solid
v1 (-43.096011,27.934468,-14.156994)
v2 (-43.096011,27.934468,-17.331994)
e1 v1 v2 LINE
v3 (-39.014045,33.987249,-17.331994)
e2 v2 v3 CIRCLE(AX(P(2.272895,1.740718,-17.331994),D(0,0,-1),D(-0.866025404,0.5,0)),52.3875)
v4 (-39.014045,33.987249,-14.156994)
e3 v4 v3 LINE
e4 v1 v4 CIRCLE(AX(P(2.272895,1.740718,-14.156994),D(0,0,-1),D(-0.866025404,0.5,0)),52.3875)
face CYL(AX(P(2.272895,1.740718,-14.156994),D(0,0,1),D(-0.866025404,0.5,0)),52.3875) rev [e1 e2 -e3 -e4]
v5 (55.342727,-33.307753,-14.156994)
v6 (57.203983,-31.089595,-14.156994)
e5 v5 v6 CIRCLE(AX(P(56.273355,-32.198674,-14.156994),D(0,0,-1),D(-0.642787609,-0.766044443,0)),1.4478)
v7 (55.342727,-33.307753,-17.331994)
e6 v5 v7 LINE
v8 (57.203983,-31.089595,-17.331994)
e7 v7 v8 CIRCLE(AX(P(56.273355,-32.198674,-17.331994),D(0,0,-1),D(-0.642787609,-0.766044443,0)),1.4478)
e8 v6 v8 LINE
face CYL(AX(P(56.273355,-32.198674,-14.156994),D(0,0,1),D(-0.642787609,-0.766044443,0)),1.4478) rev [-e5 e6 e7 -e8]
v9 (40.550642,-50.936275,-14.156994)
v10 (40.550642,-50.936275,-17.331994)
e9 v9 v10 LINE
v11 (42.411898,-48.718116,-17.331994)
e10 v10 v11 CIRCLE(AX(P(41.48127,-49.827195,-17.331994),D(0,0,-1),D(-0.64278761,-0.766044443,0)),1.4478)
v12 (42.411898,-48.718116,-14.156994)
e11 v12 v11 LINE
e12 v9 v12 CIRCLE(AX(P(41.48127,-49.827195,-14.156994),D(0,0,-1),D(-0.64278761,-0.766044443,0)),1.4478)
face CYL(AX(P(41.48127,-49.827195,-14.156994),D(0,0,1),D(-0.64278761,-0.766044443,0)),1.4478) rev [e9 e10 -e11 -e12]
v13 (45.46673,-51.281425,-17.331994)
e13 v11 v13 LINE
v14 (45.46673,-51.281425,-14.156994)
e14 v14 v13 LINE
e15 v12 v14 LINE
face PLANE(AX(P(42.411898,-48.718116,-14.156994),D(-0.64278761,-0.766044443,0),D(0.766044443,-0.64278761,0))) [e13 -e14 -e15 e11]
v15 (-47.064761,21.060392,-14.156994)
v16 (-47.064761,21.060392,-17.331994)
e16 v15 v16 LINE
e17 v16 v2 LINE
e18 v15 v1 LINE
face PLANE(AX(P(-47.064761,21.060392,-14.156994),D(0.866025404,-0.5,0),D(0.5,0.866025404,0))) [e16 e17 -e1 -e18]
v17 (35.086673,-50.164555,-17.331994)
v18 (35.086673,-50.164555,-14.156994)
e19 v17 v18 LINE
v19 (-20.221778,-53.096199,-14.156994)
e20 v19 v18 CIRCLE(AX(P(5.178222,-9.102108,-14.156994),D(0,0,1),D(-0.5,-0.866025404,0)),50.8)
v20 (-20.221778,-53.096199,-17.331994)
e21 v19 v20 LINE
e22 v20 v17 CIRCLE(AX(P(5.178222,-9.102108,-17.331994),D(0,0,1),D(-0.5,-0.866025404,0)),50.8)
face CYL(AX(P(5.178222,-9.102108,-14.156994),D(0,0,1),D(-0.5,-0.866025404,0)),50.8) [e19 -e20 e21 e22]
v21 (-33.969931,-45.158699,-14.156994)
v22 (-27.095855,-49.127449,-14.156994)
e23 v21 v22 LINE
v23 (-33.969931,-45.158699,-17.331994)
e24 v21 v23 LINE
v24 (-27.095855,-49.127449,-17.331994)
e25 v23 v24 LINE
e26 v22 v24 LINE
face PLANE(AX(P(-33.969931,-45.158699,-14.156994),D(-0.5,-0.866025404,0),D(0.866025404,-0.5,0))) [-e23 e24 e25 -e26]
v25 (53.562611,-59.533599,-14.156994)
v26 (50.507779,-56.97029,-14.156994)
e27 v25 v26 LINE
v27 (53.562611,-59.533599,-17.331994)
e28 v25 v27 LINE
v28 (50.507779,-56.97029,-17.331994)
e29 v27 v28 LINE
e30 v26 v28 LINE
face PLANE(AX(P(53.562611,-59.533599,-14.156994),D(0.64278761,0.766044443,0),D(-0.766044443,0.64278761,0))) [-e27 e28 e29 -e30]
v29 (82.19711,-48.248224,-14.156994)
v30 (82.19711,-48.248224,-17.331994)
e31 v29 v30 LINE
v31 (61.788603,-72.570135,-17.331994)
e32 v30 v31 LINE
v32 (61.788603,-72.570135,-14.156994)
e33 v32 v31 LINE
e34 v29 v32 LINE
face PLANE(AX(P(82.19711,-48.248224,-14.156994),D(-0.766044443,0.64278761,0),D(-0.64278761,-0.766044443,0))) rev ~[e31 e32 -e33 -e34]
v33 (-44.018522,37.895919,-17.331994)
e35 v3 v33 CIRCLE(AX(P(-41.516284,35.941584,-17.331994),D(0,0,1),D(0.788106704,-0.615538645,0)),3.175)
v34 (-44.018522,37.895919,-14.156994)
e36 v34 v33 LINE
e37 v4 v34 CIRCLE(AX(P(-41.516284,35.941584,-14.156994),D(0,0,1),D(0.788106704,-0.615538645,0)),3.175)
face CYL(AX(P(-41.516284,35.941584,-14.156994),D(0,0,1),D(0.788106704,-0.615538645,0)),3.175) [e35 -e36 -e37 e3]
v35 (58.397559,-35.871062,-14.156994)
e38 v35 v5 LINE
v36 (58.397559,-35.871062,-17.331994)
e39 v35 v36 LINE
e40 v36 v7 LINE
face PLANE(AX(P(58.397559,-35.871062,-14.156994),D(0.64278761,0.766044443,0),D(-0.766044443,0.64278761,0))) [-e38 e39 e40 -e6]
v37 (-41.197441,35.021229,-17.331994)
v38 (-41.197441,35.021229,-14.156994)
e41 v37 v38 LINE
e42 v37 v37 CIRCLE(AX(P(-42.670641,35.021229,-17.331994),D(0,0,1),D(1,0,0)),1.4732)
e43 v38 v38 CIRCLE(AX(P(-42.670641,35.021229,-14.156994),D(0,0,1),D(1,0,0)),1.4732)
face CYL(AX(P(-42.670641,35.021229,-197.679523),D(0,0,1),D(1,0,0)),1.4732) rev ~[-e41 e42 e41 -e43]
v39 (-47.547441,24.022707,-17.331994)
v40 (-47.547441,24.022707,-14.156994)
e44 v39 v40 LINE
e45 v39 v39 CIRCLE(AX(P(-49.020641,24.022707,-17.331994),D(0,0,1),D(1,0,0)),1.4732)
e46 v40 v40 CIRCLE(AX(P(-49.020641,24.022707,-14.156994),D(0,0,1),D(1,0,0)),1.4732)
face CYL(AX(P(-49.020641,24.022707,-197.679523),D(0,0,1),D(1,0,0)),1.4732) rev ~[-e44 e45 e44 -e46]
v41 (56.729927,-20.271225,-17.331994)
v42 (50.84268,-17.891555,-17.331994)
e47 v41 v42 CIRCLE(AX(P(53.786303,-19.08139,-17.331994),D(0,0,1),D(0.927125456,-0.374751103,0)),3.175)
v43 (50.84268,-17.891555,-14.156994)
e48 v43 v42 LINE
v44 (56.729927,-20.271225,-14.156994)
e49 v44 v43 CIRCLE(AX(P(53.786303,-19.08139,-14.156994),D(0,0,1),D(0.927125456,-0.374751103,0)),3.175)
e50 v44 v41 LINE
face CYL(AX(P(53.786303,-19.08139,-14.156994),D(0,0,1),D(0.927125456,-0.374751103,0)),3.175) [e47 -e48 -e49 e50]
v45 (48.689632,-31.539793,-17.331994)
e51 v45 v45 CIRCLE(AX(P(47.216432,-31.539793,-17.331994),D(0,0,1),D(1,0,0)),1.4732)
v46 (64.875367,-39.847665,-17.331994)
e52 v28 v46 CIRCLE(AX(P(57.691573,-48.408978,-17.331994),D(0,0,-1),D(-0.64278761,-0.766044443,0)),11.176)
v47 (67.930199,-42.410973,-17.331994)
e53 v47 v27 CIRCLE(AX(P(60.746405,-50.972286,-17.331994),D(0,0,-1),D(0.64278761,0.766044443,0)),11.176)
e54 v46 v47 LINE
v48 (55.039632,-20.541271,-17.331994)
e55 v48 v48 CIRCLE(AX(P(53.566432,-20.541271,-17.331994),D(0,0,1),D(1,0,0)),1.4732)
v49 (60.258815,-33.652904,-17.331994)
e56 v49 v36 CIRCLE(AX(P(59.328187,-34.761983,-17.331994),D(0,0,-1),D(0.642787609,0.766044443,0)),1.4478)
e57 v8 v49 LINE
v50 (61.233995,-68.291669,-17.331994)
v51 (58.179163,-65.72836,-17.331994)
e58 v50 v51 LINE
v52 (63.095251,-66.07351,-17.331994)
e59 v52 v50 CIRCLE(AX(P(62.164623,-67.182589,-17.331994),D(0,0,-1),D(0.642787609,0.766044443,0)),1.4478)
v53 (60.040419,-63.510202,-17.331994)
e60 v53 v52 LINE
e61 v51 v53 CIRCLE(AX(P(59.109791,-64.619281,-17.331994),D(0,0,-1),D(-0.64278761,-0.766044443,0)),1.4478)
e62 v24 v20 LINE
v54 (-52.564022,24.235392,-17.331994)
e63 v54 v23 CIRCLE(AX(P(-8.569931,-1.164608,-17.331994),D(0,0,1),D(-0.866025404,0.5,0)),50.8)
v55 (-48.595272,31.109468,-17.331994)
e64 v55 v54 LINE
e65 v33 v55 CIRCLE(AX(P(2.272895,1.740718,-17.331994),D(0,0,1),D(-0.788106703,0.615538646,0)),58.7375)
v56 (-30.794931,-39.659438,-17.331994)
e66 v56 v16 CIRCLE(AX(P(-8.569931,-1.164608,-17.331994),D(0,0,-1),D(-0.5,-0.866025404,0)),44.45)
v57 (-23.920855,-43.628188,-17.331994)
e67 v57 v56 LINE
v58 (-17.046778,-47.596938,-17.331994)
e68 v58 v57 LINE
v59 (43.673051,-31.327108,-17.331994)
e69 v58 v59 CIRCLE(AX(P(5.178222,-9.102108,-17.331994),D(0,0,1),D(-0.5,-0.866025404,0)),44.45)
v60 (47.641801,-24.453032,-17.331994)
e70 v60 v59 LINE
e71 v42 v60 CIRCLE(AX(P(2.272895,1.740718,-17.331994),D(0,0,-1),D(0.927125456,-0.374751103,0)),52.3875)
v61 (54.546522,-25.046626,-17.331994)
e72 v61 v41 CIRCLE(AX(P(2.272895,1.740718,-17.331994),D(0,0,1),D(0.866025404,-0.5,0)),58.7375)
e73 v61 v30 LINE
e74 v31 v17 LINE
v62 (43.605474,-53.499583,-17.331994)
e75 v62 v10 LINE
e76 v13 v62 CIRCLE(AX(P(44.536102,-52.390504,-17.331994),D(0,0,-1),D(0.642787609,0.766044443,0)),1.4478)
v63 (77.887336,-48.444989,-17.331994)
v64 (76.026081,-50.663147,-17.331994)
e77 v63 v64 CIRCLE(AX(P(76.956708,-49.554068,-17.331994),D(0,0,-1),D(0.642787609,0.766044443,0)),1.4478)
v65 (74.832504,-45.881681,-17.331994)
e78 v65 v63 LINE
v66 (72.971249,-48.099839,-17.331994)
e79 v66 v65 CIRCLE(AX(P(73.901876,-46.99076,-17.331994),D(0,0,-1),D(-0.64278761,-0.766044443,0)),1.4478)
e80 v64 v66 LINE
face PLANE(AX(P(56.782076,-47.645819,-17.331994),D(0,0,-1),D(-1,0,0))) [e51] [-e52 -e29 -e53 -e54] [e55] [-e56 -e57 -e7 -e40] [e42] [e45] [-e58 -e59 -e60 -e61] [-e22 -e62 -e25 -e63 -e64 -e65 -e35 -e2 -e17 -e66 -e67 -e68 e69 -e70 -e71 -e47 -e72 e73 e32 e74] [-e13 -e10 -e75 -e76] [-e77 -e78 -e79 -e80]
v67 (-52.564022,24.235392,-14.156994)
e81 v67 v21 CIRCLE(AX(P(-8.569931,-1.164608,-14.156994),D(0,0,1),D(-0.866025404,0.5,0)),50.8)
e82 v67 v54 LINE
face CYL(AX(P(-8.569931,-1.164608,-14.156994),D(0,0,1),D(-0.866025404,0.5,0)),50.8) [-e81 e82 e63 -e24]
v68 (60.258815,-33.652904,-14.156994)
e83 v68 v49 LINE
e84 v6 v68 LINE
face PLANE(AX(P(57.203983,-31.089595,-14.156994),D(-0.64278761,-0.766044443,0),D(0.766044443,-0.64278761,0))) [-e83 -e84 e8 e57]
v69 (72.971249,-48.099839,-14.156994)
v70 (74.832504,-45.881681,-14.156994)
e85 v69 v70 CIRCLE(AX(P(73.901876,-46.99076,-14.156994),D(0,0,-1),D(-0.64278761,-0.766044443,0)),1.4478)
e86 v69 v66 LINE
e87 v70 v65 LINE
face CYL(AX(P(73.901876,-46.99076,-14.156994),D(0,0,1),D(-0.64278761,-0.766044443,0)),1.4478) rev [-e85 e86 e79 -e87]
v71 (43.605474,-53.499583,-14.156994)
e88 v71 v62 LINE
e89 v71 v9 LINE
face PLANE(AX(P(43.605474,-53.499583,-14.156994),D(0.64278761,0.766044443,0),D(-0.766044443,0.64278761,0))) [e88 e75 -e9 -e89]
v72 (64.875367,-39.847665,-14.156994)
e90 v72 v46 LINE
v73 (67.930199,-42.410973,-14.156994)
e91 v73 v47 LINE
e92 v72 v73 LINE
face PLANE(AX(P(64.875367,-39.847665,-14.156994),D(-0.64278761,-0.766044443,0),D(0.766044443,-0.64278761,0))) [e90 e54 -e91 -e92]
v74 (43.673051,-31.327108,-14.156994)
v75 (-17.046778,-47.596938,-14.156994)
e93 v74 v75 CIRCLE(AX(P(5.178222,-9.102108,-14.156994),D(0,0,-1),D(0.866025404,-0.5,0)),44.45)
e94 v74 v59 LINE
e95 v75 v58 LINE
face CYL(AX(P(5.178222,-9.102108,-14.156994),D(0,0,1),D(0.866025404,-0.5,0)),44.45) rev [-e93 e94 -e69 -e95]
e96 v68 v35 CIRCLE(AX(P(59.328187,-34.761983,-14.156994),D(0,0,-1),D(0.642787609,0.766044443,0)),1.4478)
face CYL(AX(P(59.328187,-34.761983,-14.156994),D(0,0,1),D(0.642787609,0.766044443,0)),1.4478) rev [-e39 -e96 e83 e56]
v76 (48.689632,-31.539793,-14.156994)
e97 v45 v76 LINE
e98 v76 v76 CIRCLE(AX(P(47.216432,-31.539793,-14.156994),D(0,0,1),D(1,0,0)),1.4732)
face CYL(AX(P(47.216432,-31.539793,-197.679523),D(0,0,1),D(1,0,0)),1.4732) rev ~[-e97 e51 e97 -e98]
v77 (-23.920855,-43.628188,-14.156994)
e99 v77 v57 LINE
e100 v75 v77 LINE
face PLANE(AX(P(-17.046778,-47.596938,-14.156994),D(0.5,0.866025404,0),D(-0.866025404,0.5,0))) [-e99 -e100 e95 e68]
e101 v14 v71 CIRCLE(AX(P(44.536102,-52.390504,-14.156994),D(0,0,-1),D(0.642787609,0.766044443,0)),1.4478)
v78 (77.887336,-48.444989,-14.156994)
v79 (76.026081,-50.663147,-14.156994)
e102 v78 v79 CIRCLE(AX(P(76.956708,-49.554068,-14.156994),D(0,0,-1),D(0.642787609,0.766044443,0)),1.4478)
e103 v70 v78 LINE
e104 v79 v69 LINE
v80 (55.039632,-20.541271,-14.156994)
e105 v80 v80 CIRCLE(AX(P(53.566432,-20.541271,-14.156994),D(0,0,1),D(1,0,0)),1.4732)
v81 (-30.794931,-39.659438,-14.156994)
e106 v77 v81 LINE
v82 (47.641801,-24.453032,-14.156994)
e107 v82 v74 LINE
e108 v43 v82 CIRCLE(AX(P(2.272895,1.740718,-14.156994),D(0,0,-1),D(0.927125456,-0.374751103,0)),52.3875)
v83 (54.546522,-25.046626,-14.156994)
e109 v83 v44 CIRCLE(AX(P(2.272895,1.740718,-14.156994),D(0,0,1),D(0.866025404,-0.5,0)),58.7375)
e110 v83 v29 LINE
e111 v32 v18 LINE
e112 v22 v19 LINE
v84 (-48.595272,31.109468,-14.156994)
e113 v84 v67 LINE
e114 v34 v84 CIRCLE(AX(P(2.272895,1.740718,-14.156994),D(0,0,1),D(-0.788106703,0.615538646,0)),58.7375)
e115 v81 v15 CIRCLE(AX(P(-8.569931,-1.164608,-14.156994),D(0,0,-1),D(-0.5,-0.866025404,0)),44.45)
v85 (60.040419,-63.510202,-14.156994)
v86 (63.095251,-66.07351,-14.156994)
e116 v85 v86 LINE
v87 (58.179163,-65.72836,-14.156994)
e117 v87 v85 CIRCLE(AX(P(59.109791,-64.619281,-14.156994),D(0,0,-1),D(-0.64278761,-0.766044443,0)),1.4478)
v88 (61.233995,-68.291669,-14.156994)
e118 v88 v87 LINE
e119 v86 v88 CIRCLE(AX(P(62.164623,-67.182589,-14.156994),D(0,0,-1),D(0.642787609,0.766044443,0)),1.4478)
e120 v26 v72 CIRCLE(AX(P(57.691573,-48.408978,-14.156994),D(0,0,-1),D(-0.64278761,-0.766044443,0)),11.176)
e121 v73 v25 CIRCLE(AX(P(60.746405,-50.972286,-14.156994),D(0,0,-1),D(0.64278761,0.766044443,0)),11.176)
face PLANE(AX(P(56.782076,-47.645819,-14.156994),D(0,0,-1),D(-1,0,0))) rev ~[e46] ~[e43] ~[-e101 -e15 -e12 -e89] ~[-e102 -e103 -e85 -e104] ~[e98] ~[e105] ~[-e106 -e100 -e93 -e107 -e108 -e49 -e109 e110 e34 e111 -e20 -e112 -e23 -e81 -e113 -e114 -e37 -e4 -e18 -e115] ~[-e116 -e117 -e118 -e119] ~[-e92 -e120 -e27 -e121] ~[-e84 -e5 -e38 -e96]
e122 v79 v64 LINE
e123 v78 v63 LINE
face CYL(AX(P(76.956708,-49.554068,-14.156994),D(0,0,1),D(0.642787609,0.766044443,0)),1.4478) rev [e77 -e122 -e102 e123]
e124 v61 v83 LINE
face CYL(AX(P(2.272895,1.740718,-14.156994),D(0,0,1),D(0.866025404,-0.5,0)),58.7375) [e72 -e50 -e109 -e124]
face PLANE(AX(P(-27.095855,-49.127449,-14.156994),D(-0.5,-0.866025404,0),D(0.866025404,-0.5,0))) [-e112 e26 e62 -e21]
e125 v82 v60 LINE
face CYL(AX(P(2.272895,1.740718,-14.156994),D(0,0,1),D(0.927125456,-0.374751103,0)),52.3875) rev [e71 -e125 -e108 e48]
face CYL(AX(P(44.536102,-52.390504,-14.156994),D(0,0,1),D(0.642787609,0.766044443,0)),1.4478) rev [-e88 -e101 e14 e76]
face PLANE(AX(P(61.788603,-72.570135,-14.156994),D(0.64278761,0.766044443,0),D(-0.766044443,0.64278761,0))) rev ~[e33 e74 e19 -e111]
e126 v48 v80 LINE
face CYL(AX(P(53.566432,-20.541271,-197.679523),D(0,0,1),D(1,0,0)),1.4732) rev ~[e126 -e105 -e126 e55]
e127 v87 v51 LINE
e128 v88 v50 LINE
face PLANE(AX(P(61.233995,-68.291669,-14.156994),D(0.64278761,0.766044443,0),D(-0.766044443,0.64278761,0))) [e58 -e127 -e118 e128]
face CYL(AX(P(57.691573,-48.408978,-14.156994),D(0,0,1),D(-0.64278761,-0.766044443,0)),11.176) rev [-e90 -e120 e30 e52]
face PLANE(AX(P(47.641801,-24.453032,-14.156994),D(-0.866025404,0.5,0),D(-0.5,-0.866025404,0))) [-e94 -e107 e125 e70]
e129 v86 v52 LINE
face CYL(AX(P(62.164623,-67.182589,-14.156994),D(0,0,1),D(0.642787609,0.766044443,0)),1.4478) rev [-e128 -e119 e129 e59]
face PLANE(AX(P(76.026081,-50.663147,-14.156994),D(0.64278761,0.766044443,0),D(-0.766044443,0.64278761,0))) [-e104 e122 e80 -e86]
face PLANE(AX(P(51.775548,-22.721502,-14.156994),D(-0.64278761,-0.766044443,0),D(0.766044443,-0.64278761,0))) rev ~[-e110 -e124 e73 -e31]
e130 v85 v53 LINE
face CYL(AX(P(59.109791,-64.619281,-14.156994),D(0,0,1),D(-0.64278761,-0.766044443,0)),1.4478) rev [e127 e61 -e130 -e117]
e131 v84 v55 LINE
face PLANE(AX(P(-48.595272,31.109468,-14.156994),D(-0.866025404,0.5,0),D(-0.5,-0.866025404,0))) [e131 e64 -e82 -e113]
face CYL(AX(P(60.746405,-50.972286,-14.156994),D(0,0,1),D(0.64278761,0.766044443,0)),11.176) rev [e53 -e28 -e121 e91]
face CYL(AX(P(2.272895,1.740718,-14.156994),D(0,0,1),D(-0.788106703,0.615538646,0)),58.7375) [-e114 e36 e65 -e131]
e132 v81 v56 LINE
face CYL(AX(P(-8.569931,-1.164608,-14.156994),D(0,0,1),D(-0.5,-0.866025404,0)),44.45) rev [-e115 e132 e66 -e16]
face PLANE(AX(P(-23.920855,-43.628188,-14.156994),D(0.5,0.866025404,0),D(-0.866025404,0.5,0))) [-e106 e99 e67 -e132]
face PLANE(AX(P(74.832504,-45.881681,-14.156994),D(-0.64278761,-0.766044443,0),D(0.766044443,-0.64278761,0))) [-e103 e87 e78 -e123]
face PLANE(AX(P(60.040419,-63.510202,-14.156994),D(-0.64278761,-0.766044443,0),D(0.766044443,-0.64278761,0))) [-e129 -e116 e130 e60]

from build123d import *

# Parameters (mm, degrees)
BOSS_EXTRUDE1_DEPTH   = 3.175
BOSS_EXTRUDE2_DEPTH   = 3.175
F_4_CLEARANCE_HOLE1_D = 2.9464


with BuildPart() as part:
    # Sketch1 → Boss-Extrude1 (new body)
    with BuildSketch(Plane(origin=(0, 0, -14.15699402), x_dir=(-1, 0, 0), z_dir=(0, 0, -1))):
        with BuildLine():
            Line((-49.172312317, -34.502108483), (-53.141062317, -27.628031841))
            ThreePointArc((-53.141062317, -27.628031841), (-55.063803638, -24.012221257), (-56.72992661, -20.271224785))
            ThreePointArc((-56.72992661, -20.271224785), (-54.976138042, -16.13776671), (-50.842679967, -17.891555277))
            ThreePointArc((-50.842679967, -17.891555277), (-49.356678398, -21.228119699), (-47.641801003, -24.453031841))
            Line((-47.641801003, -24.453031841), (-43.673051003, -31.327108483))
            ThreePointArc((-43.673051003, -31.327108483), (-16.68272836, -52.037511462), (17.046778195, -47.596937682))
            Line((17.046778195, -47.596937682), (23.920854837, -43.628187682))
            Line((23.920854837, -43.628187682), (30.79493148, -39.659437682))
            ThreePointArc((30.79493148, -39.659437682), (51.505334458, -12.669115038), (47.064760678, 21.060391517))
            Line((47.064760678, 21.060391517), (43.096010678, 27.934468159))
            ThreePointArc((43.096010678, 27.934468159), (41.160593535, 31.032051618), (39.01404477, 33.987248938))
            ThreePointArc((39.01404477, 33.987248938), (39.561948355, 38.44382292), (44.018522337, 37.895919335))
            ThreePointArc((44.018522337, 37.895919335), (46.425258832, 34.58251628), (48.595271992, 31.109468159))
            Line((48.595271992, 31.109468159), (52.564021992, 24.235391517))
            ThreePointArc((52.564021992, 24.235391517), (57.638963455, -14.312615975), (33.96993148, -45.158698996))
            Line((33.96993148, -45.158698996), (27.095854837, -49.127448996))
            Line((27.095854837, -49.127448996), (20.221778195, -53.096198996))
            ThreePointArc((20.221778195, -53.096198996), (-18.326229296, -58.171140459), (-49.172312317, -34.502108483))
        make_face()
    extrude(amount=BOSS_EXTRUDE1_DEPTH)

    # Sketch6 → Boss-Extrude2 (add)
    with BuildSketch(Plane.XY.offset(-14.15699402)):
        Polygon((82.197110068, -48.248224024), (61.788603461, -72.570135093), (31.367040987, -47.043413242), (51.775547595, -22.721502173), align=None)
        with BuildLine():
            Line((64.875367382, -39.847664977), (67.930199412, -42.410973407))
            ThreePointArc((67.930199412, -42.410973407), (69.307717782, -58.156080429), (53.56261076, -59.533598799))
            Line((53.56261076, -59.533598799), (50.50777873, -56.970290369))
            ThreePointArc((50.50777873, -56.970290369), (49.130260359, -41.225183347), (64.875367382, -39.847664977))
        make_face(mode=Mode.SUBTRACT)
        with BuildLine():
            Line((61.233994962, -68.291668614), (58.179162931, -65.728360184))
            ThreePointArc((58.179162931, -65.728360184), (58.000711688, -63.688653138), (60.040418734, -63.510201894))
            Line((60.040418734, -63.510201894), (63.095250764, -66.073510324))
            ThreePointArc((63.095250764, -66.073510324), (63.273702008, -68.11321737), (61.233994962, -68.291668614))
        make_face(mode=Mode.SUBTRACT)
        with BuildLine():
            Line((42.411897591, -48.718116305), (45.466729621, -51.281424735))
            ThreePointArc((45.466729621, -51.281424735), (45.645180865, -53.321131781), (43.605473819, -53.499583025))
            Line((43.605473819, -53.499583025), (40.550641788, -50.936274595))
            ThreePointArc((40.550641788, -50.936274595), (40.372190545, -48.896567549), (42.411897591, -48.718116305))
        make_face(mode=Mode.SUBTRACT)
        with BuildLine():
            Line((57.20398318, -31.089595162), (60.25881521, -33.652903592))
            ThreePointArc((60.25881521, -33.652903592), (60.437266454, -35.692610638), (58.397559408, -35.871061882))
            Line((58.397559408, -35.871061882), (55.342727378, -33.307753452))
            ThreePointArc((55.342727378, -33.307753452), (55.164276134, -31.268046406), (57.20398318, -31.089595162))
        make_face(mode=Mode.SUBTRACT)
        with BuildLine():
            Line((74.832504323, -45.881680752), (77.887336353, -48.444989181))
            ThreePointArc((77.887336353, -48.444989181), (78.065787597, -50.484696227), (76.026080551, -50.663147471))
            Line((76.026080551, -50.663147471), (72.97124852, -48.099839041))
            ThreePointArc((72.97124852, -48.099839041), (72.792797277, -46.060131995), (74.832504323, -45.881680752))
        make_face(mode=Mode.SUBTRACT)
    extrude(amount=-BOSS_EXTRUDE2_DEPTH)

    # #4 Clearance Hole1 (through all)
    with Locations(Plane(origin=(0, 0, -17.33199402), x_dir=(-1, 0, 0), z_dir=(0, 0, -1))):
        with Locations((-53.56643166, -20.541270527), (-47.21643166, -31.539793155), (42.670641335, 35.021229473), (49.020641335, 24.022706845)):
            Hole(F_4_CLEARANCE_HOLE1_D / 2)


solid = part.part
